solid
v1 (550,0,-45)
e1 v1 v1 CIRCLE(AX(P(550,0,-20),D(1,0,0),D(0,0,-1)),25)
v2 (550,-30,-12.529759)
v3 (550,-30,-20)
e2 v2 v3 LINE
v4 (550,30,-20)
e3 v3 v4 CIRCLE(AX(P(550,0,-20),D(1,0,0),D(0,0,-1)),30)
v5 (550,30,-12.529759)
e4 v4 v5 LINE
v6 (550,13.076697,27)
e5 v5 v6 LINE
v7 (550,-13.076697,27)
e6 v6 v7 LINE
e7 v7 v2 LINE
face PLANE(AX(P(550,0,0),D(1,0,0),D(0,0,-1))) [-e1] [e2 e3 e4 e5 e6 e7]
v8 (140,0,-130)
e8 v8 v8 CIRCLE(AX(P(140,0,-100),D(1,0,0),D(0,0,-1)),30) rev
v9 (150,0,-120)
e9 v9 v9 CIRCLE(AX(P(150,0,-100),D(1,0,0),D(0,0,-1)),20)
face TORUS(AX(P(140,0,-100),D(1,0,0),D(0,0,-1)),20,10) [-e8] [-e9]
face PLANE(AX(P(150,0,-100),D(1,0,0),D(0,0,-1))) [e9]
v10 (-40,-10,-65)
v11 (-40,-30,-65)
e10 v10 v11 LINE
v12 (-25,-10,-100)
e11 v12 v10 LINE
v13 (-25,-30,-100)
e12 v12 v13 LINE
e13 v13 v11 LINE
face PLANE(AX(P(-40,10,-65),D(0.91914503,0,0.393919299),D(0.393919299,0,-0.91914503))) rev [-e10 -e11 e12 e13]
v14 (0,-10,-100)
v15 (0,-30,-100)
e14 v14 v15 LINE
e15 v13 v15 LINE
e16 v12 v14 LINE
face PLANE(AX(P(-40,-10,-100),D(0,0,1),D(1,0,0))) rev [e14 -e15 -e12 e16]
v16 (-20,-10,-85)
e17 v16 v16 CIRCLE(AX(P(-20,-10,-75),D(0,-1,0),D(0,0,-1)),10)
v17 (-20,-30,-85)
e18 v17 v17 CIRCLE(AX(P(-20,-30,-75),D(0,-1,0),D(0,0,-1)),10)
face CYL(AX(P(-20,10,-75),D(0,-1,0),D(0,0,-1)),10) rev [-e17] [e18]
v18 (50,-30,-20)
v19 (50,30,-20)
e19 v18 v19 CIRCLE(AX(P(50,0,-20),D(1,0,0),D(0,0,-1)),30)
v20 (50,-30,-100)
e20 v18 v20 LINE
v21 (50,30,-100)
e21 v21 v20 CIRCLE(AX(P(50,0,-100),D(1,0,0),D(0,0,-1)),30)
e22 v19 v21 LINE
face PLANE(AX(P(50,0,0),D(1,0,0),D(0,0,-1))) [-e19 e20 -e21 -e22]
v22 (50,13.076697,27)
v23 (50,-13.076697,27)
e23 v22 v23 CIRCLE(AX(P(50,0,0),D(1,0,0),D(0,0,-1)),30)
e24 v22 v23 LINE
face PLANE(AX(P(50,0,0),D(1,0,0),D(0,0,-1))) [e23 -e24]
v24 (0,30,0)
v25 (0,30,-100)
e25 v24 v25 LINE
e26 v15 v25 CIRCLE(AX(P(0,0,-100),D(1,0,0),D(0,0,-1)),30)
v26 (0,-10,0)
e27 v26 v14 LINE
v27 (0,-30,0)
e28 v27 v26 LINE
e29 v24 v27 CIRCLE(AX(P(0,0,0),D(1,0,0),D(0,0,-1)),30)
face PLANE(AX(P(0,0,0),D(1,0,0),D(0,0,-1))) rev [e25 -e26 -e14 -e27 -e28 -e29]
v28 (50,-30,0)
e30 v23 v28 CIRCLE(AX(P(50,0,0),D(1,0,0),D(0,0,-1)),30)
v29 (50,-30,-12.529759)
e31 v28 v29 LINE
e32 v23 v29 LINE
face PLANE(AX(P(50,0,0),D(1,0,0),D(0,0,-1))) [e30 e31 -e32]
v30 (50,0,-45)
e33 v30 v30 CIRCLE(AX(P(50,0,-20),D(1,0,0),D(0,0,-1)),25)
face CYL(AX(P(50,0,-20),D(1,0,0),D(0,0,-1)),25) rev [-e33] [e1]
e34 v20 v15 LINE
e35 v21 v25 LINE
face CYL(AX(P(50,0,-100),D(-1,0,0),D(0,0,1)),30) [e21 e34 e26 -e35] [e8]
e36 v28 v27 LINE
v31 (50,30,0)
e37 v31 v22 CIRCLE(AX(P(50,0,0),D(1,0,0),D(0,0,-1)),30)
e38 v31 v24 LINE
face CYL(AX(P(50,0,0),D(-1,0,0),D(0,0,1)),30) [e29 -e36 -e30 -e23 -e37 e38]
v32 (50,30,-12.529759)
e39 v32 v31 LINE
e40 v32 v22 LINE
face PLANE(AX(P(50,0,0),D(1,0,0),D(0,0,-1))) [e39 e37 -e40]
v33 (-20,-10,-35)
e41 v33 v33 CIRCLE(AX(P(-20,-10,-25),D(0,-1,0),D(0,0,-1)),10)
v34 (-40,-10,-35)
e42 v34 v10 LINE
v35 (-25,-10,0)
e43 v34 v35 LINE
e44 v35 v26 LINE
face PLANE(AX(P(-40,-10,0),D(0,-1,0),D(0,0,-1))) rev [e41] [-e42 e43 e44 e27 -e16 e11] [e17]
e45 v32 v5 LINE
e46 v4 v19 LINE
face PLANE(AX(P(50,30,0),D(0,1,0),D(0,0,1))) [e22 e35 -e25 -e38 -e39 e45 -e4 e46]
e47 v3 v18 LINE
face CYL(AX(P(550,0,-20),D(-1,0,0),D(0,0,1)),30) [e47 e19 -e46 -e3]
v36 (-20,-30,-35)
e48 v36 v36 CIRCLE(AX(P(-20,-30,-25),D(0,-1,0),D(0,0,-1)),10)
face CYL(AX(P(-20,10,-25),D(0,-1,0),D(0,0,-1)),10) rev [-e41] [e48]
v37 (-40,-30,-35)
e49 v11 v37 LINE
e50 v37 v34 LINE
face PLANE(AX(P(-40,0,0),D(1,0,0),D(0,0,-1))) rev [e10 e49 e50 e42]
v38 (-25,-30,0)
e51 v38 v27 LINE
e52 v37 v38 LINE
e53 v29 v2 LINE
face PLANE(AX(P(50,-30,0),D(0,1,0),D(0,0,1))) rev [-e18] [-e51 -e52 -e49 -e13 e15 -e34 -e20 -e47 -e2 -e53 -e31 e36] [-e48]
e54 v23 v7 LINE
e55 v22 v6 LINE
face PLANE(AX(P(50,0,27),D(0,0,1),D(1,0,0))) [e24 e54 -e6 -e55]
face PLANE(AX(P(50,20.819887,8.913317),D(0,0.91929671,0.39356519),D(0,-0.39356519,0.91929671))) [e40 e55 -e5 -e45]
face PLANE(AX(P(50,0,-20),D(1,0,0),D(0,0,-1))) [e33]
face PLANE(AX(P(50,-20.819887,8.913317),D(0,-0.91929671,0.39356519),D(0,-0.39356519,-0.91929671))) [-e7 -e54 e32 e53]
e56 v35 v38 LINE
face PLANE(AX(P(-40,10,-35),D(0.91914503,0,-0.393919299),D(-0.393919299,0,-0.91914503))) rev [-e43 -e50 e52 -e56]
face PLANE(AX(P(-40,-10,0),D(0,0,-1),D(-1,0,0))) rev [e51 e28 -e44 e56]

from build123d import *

# Parameters (mm, degrees)
BOSS_EXTRUDE3_DEPTH = 50
SKETCH7_R           = 30
BOSS_EXTRUDE4_DEPTH = 100
BOSS_EXTRUDE7_DEPTH = 500
SKETCH9_R           = 25
CUT_EXTRUDE1_DEPTH  = 500
CUT_EXTRUDE2_START  = -500
CUT_EXTRUDE2_DEPTH  = 500
FILLET1_R           = 10
SKETCH12_W          = 100
SKETCH12_H          = 20
BOSS_EXTRUDE8_DEPTH = 40
CUT_EXTRUDE3_DEPTH  = 40
SKETCH14_R          = 10
CUT_EXTRUDE4_DEPTH  = 40


with BuildPart() as part:
    # Sketch3 → Boss-Extrude3 (new body)
    with BuildSketch(Plane(origin=(0, 0, 0), x_dir=(0, 0, -1), z_dir=(1, 0, 0))):
        with BuildLine():
            Line((0, 30), (100, 30))
            ThreePointArc((100, 30), (130, 0), (100, -30))
            Line((100, -30), (0, -30))
            ThreePointArc((0, -30), (-30, 0), (0, 30))
        make_face()
    extrude(amount=BOSS_EXTRUDE3_DEPTH)

    # Sketch7 → Boss-Extrude4 (add)
    with BuildSketch(Plane(origin=(50, 0, 0), x_dir=(0, 0, -1), z_dir=(1, 0, 0))):
        with Locations(Location((100, 0, 0), (0, 0, 90))):
            Circle(SKETCH7_R)
    extrude(amount=BOSS_EXTRUDE4_DEPTH)

    # Sketch8 → Boss-Extrude7 (add)
    with BuildSketch(Plane(origin=(50, 0, 0), x_dir=(0, 0, -1), z_dir=(1, 0, 0))):
        with BuildLine():
            Line((0, 30), (20, 30))
            ThreePointArc((20, 30), (50, 0), (20, -30))
            Line((20, -30), (0, -30))
            ThreePointArc((0, -30), (-30, 0), (0, 30))
        make_face()
    extrude(amount=BOSS_EXTRUDE7_DEPTH)

    # Sketch9 → Cut-Extrude1 (cut)
    with BuildSketch(Plane(origin=(550, 0, 0), x_dir=(0, 0, -1), z_dir=(1, 0, 0))):
        with Locations((20, 0)):
            Circle(SKETCH9_R)
    extrude(amount=-CUT_EXTRUDE1_DEPTH, mode=Mode.SUBTRACT)

    # Sketch10 → Cut-Extrude2 (cut)
    with BuildSketch(Plane(origin=(550, 0, 0), x_dir=(0, 0, -1), z_dir=(1, 0, 0)).offset(CUT_EXTRUDE2_START)):
        with BuildLine():
            ThreePointArc((0, 30), (-15.932656638, 25.419489618), (-27, 13.076696831))
            Line((-27, 13.076696831), (12.529758535, 30))
            Line((12.529758535, 30), (0, 30))
        make_face()
        with BuildLine():
            Line((12.529758535, -30), (-27, -13.076696831))
            ThreePointArc((-27, -13.076696831), (-15.932656638, -25.419489618), (0, -30))
            Line((0, -30), (12.529758535, -30))
        make_face()
        with BuildLine():
            Line((-27, 0), (-27, 13.076696831))
            ThreePointArc((-27, 13.076696831), (-29.240383034, 6.708203932), (-30, 0))
            Line((-30, 0), (-27, 0))
        make_face()
        with BuildLine():
            Line((-27, -13.076696831), (-27, 0))
            Line((-27, 0), (-30, 0))
            ThreePointArc((-30, 0), (-29.240383034, -6.708203932), (-27, -13.076696831))
        make_face()
        with BuildLine():
            Line((-27, 0), (-27, 13.076696831))
            ThreePointArc((-27, 13.076696831), (-29.240383034, 6.708203932), (-30, 0))
            Line((-30, 0), (-27, 0))
        make_face()
        with BuildLine():
            Line((-27, -13.076696831), (-27, 0))
            Line((-27, 0), (-30, 0))
            ThreePointArc((-30, 0), (-29.240383034, -6.708203932), (-27, -13.076696831))
        make_face()
    extrude(amount=CUT_EXTRUDE2_DEPTH, mode=Mode.SUBTRACT)

    # Fillet1
    fillet1_edges = [part.edges().sort_by_distance(p)[0] for p in [
        (150, -30, -100),
    ]]
    fillet(fillet1_edges, radius=FILLET1_R)

    # Sketch12 → Boss-Extrude8 (add)
    with BuildSketch(Plane.ZY):
        with Locations((-50, -20)):
            Rectangle(SKETCH12_W, SKETCH12_H)
    extrude(amount=BOSS_EXTRUDE8_DEPTH)

    # Sketch13 → Cut-Extrude3 (cut)
    with BuildSketch(Plane.XZ.offset(30)):
        Polygon((-40, -35), (-25, 0), (-40, 0), align=None)
        Polygon((-40, -65), (-25, -100), (-40, -100), align=None)
    extrude(amount=-CUT_EXTRUDE3_DEPTH, mode=Mode.SUBTRACT)

    # Sketch14 → Cut-Extrude4 (cut)
    with BuildSketch(Plane(origin=(0, -30, 0), x_dir=(-1, 0, 0), z_dir=(0, -1, 0))):
        with Locations(Location((20, 25, 0), (0, 0, 90))):
            Circle(SKETCH14_R)
        with Locations(Location((20, 75, 0), (0, 0, 90))):
            Circle(SKETCH14_R)
    extrude(amount=-CUT_EXTRUDE4_DEPTH, mode=Mode.SUBTRACT)


solid = part.part
